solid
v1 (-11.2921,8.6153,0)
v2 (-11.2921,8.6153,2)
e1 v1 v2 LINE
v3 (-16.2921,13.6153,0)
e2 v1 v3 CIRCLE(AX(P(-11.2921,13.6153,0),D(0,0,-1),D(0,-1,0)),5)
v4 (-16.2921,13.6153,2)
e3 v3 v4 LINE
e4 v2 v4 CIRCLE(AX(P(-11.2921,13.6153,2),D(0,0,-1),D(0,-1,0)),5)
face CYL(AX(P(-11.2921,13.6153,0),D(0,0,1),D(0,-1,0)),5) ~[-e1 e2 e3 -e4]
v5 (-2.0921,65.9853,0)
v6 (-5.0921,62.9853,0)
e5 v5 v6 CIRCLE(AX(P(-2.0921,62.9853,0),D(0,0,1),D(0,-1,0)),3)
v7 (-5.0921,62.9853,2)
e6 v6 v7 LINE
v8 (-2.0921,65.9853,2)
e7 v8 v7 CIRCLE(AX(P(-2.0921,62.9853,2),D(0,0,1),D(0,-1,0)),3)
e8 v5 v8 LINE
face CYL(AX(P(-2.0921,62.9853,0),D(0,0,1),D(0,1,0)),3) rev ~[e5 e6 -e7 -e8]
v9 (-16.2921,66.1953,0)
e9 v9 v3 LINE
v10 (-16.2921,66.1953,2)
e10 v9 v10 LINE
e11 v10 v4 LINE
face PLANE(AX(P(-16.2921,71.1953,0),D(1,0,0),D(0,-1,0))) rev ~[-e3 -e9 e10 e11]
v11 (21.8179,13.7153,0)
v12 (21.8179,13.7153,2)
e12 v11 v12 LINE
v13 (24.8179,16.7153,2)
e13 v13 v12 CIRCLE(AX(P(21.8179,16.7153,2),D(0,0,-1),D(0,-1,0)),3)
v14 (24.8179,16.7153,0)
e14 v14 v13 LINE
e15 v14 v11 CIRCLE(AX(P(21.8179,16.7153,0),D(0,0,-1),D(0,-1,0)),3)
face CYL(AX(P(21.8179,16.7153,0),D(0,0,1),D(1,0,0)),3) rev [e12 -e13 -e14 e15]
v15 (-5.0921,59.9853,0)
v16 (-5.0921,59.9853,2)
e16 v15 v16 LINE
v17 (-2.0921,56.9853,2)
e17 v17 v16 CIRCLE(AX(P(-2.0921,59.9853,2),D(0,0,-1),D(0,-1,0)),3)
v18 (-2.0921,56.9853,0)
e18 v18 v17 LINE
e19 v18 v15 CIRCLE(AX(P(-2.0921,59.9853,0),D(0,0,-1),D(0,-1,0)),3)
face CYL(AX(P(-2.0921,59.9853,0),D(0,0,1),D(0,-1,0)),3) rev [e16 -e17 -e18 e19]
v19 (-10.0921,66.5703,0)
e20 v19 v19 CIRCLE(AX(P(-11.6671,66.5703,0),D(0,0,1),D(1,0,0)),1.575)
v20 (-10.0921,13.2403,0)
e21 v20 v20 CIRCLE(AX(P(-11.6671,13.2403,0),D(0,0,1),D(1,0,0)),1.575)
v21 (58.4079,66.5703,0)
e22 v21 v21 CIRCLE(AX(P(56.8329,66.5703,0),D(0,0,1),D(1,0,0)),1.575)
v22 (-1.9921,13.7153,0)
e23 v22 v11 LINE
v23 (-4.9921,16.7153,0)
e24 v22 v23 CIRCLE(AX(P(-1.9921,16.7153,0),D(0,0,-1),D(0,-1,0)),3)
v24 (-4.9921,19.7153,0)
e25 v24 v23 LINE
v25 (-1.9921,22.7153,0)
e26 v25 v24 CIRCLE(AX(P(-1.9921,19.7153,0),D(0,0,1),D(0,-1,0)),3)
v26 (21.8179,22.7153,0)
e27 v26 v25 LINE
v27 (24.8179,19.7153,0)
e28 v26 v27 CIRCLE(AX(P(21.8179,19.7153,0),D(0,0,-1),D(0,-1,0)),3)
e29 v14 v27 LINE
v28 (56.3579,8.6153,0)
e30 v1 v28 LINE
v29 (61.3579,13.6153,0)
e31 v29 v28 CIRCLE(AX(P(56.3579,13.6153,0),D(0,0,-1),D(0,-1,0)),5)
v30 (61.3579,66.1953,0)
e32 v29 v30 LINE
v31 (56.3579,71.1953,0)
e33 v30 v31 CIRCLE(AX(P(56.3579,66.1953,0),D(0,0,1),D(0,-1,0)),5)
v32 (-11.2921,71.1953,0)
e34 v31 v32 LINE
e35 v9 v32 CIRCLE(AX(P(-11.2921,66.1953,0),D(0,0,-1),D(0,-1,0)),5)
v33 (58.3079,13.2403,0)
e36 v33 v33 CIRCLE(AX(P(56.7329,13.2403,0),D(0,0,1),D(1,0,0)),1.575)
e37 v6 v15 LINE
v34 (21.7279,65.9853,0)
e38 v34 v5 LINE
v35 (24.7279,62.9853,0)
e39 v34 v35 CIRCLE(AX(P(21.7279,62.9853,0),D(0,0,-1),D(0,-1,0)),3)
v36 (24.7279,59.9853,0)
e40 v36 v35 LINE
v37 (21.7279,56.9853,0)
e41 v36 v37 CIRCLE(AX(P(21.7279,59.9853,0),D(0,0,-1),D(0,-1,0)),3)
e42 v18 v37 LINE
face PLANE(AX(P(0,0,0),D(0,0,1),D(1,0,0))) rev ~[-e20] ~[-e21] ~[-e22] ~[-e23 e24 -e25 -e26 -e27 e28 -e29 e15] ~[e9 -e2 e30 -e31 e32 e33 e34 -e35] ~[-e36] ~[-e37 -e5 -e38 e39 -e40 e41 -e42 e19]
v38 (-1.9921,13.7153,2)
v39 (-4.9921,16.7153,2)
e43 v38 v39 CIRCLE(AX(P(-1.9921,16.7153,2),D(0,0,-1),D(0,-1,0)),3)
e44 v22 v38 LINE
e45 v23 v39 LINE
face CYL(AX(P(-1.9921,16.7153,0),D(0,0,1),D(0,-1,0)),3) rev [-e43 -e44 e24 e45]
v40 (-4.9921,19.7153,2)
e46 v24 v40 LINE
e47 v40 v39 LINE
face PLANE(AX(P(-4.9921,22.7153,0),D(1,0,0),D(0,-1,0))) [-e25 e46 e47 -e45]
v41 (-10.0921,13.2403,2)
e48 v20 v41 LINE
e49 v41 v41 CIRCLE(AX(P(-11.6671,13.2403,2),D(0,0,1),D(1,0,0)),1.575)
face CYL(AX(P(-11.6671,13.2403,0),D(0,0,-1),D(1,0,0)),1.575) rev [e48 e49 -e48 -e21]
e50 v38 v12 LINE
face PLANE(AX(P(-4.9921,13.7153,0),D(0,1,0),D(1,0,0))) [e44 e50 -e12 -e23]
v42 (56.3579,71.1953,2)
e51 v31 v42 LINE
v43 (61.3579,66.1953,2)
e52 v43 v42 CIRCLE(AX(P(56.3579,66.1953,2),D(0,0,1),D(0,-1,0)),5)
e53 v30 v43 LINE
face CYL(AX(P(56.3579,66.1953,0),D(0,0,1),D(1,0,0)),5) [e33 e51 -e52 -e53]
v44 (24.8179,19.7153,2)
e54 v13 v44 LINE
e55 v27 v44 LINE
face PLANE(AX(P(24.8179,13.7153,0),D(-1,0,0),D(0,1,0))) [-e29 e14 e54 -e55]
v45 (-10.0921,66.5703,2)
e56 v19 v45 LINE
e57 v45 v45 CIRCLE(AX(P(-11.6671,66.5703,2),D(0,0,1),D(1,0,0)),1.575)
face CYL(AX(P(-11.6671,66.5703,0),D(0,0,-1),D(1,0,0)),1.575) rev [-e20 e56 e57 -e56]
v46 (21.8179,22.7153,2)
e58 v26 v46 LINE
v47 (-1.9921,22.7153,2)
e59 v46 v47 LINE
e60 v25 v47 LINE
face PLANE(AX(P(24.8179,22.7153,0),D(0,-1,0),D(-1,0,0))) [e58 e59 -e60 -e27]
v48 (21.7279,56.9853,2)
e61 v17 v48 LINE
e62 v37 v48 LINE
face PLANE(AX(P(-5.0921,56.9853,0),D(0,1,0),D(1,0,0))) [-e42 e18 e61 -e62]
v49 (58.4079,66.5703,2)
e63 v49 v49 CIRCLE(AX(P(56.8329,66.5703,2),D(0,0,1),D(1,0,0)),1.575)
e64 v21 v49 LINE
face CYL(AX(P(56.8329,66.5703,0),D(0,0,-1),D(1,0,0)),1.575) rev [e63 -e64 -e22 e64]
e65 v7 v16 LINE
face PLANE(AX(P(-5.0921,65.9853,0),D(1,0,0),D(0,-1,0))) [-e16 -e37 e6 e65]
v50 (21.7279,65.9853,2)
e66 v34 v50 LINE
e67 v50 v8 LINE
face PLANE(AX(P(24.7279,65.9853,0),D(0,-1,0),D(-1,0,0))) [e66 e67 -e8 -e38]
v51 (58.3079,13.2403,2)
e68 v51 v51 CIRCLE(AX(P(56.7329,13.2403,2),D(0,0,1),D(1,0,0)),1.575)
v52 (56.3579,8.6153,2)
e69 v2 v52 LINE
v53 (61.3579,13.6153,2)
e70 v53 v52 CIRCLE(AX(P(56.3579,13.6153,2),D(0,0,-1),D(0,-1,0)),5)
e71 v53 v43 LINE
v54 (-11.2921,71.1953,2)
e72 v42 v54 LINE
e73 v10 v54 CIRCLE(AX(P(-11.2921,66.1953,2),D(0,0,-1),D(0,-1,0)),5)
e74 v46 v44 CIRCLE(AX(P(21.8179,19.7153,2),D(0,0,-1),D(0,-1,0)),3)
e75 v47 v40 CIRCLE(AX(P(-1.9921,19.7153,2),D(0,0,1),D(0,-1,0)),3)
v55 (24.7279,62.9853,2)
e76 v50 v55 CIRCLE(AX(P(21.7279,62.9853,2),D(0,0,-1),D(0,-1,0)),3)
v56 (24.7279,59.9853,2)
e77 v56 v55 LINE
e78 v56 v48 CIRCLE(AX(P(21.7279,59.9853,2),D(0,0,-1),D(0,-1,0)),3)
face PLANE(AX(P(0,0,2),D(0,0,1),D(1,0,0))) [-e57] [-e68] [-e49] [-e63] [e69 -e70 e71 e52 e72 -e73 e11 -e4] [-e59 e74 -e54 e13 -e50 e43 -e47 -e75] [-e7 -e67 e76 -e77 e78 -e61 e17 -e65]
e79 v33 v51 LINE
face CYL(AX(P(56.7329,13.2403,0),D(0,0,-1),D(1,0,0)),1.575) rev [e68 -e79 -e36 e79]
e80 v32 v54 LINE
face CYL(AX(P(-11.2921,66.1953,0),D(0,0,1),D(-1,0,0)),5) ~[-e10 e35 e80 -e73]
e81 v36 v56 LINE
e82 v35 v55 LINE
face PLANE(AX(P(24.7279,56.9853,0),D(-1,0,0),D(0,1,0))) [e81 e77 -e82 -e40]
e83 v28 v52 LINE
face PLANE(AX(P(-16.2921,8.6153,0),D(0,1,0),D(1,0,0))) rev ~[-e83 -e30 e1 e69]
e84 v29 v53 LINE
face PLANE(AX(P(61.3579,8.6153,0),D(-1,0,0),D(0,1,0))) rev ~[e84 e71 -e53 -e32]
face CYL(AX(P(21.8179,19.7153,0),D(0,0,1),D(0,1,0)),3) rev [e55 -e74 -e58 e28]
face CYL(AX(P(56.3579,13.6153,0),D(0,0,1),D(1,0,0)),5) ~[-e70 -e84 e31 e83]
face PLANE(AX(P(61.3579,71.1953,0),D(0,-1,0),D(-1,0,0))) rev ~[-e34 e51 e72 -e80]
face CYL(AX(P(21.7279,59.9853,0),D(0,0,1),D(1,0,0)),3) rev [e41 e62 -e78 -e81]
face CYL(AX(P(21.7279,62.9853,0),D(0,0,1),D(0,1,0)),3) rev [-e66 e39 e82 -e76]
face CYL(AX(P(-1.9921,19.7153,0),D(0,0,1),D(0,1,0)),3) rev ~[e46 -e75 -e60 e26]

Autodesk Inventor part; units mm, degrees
ref_plane "YZ Plane" through (0, 0, 0) normal (1, 0, 0) x (0, 1, 0)
ref_plane "XZ Plane" through (0, 0, 0) normal (0, 1, 0) x (-1, 0, 0)
ref_plane "XY Plane" through (0, 0, 0) normal (0, 0, 1) x (1, 0, 0)
sketch "Kort" plane through (0, 0, 0) normal (0, 0, 1) x (1, 0, 0)
  line L0 (-3.0921, 63.9853) -> (22.7279, 63.9853)
  line L1 (22.7279, 63.9853) -> (22.7279, 58.9853)
  line L2 (22.7279, 58.9853) -> (-3.0921, 58.9853)
  line L3 (-3.0921, 58.9853) -> (-3.0921, 63.9853)
  line L4 (-2.9921, 20.7153) -> (22.8179, 20.7153)
  line L5 (22.8179, 20.7153) -> (22.8179, 15.7153)
  line L6 (22.8179, 15.7153) -> (-2.9921, 15.7153)
  line L7 (-2.9921, 15.7153) -> (-2.9921, 20.7153)
  line L8 (-14.2921, 69.1953) -> (59.3579, 69.1953)
  line L9 (-14.2921, 10.6153) -> (-14.2921, 69.1953)
  line L10 (59.3579, 10.6153) -> (-14.2921, 10.6153)
  line L11 (59.3579, 69.1953) -> (59.3579, 10.6153)
  circle A0 centre (56.8329, 66.5703) radius 1.575
  circle A1 centre (56.7329, 13.2403) radius 1.575
  circle A2 centre (-11.6671, 66.5703) radius 1.575
  circle A3 centre (-11.6671, 13.2403) radius 1.575
  line L12 (61.3579, 71.1953) -> (-16.2921, 71.1953)
  line L13 (-16.2921, 71.1953) -> (-16.2921, 8.6153)
  line L14 (-16.2921, 8.6153) -> (61.3579, 8.6153)
  line L15 (61.3579, 8.6153) -> (61.3579, 71.1953)
  line L16 (24.7279, 65.9853) -> (-5.0921, 65.9853)
  line L17 (-5.0921, 65.9853) -> (-5.0921, 56.9853)
  line L18 (-5.0921, 56.9853) -> (24.7279, 56.9853)
  line L19 (24.7279, 56.9853) -> (24.7279, 65.9853)
  line L20 (24.8179, 22.7153) -> (-4.9921, 22.7153)
  line L21 (-4.9921, 22.7153) -> (-4.9921, 13.7153)
  line L22 (-4.9921, 13.7153) -> (24.8179, 13.7153)
  line L23 (24.8179, 13.7153) -> (24.8179, 22.7153)
  point P0 (0, 0)
  dimension "d4" = 5.21
  dimension "d5" = 11.2
  dimension "d6" = 5.1
  dimension "d7" = 11.3
  dimension "d8" = 5
  dimension "d9" = 5
  dimension "d10" = 25.82
  dimension "d11" = 25.81
  dimension "d12" = 58.58
  dimension "d13" = 73.65
  dimension "d14" = 2.625
  dimension "d15" = 2.525
  dimension "d16" = 3.15
  dimension "d17" = 3.15
  dimension "d18" = 3.15
  dimension "d19" = 3.15
  dimension "d20" = 2.625
  dimension "d21" = 2.625
  dimension "d22" = 2.625
  dimension "d23" = 2.625
  dimension "d24" = 2.625
  dimension "d25" = 2.625
  dimension "d26" = 2
  dimension "d27" = 2
  dimension "d28" = 2
extrude "Bottom" add sketch "Kort" along normal blind 2 contours L8 L11 L10 L9 | L15 L14 L13 L12
fillet "Kantutjevning" radius 5 4 edges at (61.3579, 8.6153, 1) (61.3579, 71.1953, 1) (-16.2921, 71.1953, 1) (-16.2921, 8.6153, 1)
fillet "Hullkantutjevning" radius 3 8 edges at (-5.0921, 65.9853, 1) (-5.0921, 56.9853, 1) (24.7279, 65.9853, 1) (24.8179, 22.7153, 1) (24.7279, 56.9853, 1) (24.8179, 13.7153, 1) (-4.9921, 13.7153, 1) (-4.9921, 22.7153, 1)
equation "\"BendRadius\" = Thickness"
equation "\"BendReliefWidth\" = Thickness"
equation "\"BendReliefDepth\" = 0.5 * Thickness"
equation "\"CornerReliefSize\" = 4 * Thickness"
equation "\"MinimumRemnant\" = 2 * Thickness"
equation "\"TransitionRadius\" = BendRadius"
equation "\"JacobiRadiusSize\" = BendRadius"
equation "\"GapSize\" = Thickness"
equation "\"Thickness\" = 0.5"
properties part number "Trippeldekker_Nedre plate"
